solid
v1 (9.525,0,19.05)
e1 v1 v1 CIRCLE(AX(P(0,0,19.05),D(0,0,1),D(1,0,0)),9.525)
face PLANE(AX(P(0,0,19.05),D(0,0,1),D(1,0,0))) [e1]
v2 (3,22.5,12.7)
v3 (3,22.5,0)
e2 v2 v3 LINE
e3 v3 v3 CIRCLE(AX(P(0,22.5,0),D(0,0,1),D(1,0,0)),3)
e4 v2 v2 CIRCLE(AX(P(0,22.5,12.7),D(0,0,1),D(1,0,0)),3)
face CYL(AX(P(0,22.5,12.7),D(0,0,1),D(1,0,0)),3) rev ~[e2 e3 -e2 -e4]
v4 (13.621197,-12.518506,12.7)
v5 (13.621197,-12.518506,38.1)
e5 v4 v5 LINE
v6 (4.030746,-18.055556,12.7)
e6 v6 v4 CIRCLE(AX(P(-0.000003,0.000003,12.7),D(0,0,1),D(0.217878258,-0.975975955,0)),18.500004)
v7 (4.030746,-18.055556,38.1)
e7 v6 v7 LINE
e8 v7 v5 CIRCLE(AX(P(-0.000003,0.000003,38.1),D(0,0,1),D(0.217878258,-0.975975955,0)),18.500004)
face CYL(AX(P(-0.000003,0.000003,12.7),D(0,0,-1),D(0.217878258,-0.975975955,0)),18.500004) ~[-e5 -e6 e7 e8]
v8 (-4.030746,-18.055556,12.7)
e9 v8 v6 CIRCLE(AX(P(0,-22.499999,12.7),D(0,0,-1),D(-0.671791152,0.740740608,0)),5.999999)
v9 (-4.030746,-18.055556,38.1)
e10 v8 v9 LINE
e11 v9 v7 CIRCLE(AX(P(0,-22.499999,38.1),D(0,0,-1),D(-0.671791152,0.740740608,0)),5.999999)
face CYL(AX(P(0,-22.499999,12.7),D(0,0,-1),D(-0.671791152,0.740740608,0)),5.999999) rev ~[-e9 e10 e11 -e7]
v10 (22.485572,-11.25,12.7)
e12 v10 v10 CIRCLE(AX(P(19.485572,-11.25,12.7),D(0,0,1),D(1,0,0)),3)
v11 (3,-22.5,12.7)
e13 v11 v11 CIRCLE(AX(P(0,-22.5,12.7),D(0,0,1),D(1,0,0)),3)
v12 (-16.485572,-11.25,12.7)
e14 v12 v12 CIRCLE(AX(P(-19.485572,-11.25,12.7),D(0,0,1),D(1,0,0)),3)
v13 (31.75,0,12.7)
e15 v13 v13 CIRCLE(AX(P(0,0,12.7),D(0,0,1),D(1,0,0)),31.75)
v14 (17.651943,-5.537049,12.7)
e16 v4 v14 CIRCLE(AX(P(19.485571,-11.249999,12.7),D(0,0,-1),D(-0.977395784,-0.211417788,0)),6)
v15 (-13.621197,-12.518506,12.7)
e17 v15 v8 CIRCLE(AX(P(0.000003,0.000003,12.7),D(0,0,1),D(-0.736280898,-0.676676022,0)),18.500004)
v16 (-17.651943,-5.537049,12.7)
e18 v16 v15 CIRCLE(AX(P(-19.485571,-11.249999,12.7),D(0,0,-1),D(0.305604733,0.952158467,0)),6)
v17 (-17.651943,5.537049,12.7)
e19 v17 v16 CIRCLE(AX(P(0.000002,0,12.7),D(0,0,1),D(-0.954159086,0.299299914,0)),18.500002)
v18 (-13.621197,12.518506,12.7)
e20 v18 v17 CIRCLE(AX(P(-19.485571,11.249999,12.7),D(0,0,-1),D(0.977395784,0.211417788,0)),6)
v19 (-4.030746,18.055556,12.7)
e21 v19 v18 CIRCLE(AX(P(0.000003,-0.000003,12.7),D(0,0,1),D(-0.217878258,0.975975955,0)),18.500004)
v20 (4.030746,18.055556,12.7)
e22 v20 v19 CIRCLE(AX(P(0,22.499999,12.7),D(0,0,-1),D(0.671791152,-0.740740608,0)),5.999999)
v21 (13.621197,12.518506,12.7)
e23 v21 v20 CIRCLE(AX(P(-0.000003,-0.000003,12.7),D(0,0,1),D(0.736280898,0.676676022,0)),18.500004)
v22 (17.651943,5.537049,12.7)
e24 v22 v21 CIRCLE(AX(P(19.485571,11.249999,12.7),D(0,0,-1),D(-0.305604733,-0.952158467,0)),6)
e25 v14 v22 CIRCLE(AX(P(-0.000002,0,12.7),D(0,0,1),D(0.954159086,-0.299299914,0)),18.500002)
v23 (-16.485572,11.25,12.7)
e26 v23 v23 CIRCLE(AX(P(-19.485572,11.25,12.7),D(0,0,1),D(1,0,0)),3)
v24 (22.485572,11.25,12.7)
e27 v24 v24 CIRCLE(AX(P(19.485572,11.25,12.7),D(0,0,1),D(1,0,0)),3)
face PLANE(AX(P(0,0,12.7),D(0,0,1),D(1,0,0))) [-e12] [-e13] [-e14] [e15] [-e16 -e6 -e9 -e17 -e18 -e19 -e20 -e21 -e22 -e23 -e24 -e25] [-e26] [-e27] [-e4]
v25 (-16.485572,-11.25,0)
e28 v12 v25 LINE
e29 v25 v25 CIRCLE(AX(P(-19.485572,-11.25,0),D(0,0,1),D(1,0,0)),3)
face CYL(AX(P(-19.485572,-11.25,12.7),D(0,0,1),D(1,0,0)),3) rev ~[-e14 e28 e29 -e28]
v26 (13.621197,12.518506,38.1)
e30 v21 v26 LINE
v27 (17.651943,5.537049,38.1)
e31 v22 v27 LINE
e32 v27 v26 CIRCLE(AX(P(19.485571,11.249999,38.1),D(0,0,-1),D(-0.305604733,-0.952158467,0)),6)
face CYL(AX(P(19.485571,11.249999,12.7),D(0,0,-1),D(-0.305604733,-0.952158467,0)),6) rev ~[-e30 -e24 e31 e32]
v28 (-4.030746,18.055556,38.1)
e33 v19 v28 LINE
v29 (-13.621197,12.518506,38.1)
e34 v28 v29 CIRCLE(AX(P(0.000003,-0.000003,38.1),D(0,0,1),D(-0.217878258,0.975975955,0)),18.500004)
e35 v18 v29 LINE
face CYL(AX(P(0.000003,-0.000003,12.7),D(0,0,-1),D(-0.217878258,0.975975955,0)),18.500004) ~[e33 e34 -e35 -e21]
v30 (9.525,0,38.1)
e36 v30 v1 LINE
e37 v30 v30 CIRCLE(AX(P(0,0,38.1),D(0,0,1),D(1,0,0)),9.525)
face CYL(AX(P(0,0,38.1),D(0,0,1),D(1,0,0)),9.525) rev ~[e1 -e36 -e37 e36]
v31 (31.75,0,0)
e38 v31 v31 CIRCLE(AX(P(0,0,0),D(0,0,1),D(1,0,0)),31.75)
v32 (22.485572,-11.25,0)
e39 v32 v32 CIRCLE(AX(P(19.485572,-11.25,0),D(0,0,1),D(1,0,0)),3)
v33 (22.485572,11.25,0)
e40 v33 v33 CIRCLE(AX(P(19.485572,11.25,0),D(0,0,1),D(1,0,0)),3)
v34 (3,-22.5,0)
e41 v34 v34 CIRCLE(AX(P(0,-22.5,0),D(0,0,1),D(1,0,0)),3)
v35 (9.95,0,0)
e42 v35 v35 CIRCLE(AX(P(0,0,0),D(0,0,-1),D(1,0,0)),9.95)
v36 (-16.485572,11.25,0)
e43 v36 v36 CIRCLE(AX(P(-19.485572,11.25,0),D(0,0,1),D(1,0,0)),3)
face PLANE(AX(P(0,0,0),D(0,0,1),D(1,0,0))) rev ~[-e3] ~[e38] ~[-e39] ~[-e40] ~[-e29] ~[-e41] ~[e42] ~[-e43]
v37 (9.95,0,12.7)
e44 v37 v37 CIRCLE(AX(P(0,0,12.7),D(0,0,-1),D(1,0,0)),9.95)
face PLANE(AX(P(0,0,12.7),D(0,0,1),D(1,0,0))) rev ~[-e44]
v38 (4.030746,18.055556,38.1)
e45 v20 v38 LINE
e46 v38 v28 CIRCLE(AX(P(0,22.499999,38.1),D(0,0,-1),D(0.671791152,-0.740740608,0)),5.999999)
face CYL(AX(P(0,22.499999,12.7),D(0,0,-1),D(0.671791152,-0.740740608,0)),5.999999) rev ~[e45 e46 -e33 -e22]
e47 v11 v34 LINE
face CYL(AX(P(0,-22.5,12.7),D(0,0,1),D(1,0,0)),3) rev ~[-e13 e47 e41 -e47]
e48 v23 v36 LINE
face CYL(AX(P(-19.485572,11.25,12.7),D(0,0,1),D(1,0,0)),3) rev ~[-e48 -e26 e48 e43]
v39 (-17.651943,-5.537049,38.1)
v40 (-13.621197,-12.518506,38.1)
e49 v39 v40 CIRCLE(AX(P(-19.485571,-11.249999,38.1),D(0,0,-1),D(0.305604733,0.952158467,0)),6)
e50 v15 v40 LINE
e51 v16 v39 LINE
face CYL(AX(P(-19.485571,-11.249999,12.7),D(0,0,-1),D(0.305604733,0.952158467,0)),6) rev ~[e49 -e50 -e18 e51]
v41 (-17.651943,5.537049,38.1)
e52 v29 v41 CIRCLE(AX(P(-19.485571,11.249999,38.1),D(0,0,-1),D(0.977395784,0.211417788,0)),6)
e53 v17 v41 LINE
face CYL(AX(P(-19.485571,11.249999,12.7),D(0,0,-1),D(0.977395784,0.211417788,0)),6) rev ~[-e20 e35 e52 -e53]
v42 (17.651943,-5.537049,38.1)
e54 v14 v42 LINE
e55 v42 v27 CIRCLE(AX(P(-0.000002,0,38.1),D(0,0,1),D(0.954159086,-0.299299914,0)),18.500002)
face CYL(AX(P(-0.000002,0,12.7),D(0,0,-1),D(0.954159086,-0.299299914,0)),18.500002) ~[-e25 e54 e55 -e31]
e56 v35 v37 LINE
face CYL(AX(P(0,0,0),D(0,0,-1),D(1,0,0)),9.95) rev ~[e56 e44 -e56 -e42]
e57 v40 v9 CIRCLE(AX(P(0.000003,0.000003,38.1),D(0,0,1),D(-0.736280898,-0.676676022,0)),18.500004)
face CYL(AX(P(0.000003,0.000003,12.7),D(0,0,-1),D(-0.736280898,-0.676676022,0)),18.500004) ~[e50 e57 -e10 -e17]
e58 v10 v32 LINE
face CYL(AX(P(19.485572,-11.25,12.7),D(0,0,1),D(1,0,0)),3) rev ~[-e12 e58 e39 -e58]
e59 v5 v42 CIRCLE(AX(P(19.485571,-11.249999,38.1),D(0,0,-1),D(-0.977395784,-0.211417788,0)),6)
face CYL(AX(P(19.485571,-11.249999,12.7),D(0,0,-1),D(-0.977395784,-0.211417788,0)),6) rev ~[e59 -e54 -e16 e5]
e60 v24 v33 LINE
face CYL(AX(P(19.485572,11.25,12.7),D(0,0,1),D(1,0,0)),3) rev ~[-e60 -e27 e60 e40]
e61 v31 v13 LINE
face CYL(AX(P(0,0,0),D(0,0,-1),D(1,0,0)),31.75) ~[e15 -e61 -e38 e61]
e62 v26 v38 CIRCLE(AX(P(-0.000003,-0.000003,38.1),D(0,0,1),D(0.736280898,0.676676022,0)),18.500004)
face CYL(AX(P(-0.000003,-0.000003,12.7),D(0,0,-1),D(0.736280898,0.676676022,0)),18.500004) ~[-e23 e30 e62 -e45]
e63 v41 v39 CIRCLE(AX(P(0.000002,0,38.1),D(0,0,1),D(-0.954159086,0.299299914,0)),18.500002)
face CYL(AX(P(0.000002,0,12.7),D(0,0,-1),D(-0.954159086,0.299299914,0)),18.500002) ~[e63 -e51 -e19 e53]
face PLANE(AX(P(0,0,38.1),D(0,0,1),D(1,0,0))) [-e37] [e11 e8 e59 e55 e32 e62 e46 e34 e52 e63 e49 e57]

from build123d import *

# Parameters (mm, degrees)
F0_R     = 31.75
F1_DEPTH = 12.7
F2_R     = 3
F3_DEPTH = 12.701
F4_R     = 9.95
F5_DEPTH = 12.7
F7_DEPTH = 25.4
F8_R     = 9.525
F9_DEPTH = 19.05


with BuildPart() as f1:
    # F0 (on Top) → F1 (new body)
    with BuildSketch(Plane.XY):
        Circle(F0_R)
    extrude(amount=F1_DEPTH)

    # F2 (on face) → F3 (cut, through all)
    with BuildSketch(Plane.XY.offset(12.7)):
        with Locations((0, 22.5)):
            Circle(F2_R)
        with Locations((-19.485572, 11.25)):
            Circle(F2_R)
        with Locations((-19.485572, -11.25)):
            Circle(F2_R)
        with Locations((0, -22.5)):
            Circle(F2_R)
        with Locations((19.485572, -11.25)):
            Circle(F2_R)
        with Locations((19.485572, 11.25)):
            Circle(F2_R)
    extrude(amount=-F3_DEPTH, mode=Mode.SUBTRACT)

    # F4 (on face) → F5 (cut)
    with BuildSketch(Plane(origin=(0, 0, 0), x_dir=(1, 0, 0), z_dir=(0, 0, -1))):
        Circle(F4_R)
    extrude(amount=-F5_DEPTH, mode=Mode.SUBTRACT)

    # F6 (on face) → F7 (join)
    with BuildSketch(Plane.XY.offset(12.7)):
        with BuildLine():
            ThreePointArc((-4.030746, -18.055556), (0, -16.5), (4.030746, -18.055556))
            ThreePointArc((4.030746, -18.055556), (9.25, -16.02147), (13.621197, -12.518506))
            ThreePointArc((13.621197, -12.518506), (14.289419, -8.25), (17.651943, -5.537049))
            ThreePointArc((17.651943, -5.537049), (18.5, 0), (17.651943, 5.537049))
            ThreePointArc((17.651943, 5.537049), (14.289419, 8.25), (13.621197, 12.518506))
            ThreePointArc((13.621197, 12.518506), (9.25, 16.02147), (4.030746, 18.055556))
            ThreePointArc((4.030746, 18.055556), (0, 16.5), (-4.030746, 18.055556))
            ThreePointArc((-4.030746, 18.055556), (-9.25, 16.02147), (-13.621197, 12.518506))
            ThreePointArc((-13.621197, 12.518506), (-14.289419, 8.25), (-17.651943, 5.537049))
            ThreePointArc((-17.651943, 5.537049), (-18.5, 0), (-17.651943, -5.537049))
            ThreePointArc((-17.651943, -5.537049), (-14.289419, -8.25), (-13.621197, -12.518506))
            ThreePointArc((-13.621197, -12.518506), (-9.25, -16.02147), (-4.030746, -18.055556))
        make_face()
    extrude(amount=F7_DEPTH)

    # F8 (on face) → F9 (cut)
    with BuildSketch(Plane.XY.offset(38.1)):
        Circle(F8_R)
    extrude(amount=-F9_DEPTH, mode=Mode.SUBTRACT)


solid = f1.part
